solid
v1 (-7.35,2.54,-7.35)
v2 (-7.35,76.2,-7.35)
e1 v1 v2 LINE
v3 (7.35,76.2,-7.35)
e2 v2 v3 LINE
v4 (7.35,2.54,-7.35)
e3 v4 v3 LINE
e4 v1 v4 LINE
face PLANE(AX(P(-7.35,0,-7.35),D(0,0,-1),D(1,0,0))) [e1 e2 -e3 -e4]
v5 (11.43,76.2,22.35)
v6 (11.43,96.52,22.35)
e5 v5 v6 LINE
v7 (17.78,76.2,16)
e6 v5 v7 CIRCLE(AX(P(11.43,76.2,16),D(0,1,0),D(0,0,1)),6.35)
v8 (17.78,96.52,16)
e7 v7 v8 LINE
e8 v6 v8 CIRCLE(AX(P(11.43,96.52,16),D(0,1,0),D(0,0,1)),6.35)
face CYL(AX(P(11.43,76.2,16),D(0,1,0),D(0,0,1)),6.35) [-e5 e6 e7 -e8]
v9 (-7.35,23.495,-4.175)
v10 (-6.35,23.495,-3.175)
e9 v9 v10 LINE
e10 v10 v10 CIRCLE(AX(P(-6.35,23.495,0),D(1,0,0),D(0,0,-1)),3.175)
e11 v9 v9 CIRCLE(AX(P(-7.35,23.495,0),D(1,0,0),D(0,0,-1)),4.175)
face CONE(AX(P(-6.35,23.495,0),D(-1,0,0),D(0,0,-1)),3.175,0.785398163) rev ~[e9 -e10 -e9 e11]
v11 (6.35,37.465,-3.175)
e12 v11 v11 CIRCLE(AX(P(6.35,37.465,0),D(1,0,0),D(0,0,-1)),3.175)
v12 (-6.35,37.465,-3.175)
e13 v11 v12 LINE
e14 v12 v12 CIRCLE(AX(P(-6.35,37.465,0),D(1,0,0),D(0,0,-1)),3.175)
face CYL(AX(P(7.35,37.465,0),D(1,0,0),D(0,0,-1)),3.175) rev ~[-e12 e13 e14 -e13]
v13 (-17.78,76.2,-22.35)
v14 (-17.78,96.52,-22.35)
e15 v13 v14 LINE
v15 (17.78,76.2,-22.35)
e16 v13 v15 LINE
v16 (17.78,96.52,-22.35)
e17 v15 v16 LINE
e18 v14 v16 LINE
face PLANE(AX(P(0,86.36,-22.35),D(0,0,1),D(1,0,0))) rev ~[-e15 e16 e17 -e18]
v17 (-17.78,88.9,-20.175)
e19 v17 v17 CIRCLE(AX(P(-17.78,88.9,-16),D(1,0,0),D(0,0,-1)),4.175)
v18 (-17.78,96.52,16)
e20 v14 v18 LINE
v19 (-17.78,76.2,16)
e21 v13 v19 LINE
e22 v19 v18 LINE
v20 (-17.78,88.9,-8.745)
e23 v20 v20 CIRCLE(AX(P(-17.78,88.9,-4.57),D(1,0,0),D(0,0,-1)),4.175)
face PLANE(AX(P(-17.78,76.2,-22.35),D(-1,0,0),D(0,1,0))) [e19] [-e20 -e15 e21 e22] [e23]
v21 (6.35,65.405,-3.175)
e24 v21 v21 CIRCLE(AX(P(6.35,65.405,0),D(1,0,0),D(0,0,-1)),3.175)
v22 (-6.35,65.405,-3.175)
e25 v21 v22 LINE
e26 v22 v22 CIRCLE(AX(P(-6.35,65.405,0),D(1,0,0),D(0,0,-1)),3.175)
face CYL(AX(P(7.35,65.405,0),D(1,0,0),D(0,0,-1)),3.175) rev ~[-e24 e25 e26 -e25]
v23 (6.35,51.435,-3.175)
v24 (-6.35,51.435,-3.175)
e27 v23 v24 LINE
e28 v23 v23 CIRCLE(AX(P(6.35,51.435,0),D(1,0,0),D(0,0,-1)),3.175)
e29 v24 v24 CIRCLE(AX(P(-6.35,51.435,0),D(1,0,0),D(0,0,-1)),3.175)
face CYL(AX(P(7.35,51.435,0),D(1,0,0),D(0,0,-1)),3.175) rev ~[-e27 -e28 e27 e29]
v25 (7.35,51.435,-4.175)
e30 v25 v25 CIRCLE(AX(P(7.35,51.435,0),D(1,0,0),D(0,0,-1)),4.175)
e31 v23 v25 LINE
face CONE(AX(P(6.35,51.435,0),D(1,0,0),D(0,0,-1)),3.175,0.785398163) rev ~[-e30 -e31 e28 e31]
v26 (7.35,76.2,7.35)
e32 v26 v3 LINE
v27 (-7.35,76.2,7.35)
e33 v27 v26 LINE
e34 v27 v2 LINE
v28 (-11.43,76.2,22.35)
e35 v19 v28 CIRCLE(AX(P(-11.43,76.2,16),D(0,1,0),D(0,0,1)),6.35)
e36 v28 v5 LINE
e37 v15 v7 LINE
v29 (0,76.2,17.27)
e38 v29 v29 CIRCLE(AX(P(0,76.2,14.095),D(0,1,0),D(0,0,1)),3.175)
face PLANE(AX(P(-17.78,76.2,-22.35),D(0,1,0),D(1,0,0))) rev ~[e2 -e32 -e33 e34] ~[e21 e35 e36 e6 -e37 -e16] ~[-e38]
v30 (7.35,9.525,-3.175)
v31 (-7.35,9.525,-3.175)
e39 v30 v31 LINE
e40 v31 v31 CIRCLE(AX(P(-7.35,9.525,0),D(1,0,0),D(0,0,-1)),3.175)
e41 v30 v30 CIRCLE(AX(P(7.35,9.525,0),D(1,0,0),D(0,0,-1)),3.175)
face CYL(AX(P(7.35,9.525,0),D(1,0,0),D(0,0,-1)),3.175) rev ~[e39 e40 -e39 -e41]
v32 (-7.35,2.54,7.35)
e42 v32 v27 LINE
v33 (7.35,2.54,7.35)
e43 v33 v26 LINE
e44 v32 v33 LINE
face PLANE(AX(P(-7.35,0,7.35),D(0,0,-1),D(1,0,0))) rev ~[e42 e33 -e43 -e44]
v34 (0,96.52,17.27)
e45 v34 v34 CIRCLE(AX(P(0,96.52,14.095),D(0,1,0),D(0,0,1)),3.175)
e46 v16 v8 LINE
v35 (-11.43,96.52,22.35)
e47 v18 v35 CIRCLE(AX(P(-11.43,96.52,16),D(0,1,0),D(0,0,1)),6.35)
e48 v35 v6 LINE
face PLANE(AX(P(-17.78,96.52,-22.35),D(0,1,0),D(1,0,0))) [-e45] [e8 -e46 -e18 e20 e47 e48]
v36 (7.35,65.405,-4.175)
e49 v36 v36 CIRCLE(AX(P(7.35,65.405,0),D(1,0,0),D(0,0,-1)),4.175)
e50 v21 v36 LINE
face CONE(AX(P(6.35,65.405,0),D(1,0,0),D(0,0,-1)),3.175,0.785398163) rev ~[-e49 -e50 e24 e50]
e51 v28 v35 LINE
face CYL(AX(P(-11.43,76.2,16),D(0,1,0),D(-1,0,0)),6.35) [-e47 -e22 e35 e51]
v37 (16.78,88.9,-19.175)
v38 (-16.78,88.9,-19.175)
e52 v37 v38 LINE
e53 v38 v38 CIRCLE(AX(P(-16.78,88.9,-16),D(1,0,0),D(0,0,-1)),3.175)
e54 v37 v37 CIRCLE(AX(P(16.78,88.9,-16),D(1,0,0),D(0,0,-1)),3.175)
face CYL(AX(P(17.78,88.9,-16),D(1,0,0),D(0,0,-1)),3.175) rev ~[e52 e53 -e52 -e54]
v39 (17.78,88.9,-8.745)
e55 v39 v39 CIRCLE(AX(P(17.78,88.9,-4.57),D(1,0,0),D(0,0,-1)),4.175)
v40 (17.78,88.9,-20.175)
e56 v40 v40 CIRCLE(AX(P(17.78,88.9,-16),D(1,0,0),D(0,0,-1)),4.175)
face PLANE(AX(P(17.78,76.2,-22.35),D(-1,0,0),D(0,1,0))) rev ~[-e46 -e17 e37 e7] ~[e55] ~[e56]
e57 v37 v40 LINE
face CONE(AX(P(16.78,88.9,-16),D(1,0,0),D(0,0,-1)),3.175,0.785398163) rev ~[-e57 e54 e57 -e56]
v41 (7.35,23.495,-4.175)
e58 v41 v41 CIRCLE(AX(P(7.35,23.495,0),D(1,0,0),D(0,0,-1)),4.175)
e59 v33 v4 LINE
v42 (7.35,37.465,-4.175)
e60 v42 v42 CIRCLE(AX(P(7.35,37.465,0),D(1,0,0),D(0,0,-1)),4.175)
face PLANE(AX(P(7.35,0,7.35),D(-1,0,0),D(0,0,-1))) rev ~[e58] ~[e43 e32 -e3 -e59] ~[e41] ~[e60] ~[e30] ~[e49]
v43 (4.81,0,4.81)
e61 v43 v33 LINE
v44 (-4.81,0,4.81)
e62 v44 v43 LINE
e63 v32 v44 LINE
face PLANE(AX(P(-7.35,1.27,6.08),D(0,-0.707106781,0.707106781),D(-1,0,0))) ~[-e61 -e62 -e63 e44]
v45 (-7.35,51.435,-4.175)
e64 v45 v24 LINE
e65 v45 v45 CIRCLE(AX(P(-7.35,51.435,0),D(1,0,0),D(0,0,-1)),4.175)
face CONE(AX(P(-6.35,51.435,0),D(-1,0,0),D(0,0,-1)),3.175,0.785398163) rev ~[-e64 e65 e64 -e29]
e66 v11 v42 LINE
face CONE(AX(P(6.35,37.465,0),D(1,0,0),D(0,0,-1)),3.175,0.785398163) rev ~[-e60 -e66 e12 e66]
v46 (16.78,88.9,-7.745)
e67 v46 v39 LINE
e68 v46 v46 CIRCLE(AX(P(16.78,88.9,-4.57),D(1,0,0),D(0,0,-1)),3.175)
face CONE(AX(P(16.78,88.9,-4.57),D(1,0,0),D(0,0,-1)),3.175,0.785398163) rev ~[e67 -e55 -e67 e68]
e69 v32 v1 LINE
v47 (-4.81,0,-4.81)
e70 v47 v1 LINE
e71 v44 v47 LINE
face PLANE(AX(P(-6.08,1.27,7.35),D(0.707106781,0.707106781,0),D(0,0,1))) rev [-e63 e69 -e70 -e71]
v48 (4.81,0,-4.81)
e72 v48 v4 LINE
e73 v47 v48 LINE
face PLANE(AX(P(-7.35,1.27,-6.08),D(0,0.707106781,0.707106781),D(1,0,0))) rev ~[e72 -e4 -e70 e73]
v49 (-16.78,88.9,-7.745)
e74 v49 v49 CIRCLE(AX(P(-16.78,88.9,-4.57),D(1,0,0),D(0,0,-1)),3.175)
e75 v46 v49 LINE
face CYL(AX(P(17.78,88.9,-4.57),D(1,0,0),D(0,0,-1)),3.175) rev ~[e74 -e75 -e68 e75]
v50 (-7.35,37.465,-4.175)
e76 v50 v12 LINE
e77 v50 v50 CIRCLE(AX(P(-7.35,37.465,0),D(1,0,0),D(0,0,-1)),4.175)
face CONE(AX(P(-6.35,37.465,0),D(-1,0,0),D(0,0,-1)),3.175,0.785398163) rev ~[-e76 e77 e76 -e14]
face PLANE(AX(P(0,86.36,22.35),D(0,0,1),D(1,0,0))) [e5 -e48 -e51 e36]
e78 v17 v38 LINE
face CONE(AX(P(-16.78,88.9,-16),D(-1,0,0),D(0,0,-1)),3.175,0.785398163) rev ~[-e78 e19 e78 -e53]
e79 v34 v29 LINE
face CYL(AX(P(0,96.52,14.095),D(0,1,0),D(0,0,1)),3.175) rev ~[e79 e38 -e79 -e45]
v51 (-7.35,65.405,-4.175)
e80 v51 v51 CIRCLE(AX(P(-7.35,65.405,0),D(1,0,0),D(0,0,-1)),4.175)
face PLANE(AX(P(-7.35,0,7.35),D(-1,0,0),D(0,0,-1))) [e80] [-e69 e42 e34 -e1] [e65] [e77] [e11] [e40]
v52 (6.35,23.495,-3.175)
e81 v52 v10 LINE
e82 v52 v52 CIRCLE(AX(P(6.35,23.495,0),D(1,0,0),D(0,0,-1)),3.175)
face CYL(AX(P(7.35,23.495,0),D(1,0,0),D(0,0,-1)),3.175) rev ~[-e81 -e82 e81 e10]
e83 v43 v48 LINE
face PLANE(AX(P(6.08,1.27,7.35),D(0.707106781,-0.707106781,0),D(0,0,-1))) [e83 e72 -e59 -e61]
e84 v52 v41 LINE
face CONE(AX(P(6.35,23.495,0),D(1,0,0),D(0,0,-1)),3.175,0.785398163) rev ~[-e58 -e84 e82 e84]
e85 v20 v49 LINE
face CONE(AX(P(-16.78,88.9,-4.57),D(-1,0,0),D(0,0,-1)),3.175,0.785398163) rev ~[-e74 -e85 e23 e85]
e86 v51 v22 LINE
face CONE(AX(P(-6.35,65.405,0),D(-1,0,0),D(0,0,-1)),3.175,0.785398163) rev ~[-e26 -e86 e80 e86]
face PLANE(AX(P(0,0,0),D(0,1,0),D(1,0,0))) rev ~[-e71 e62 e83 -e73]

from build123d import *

# Parameters (mm, degrees)
SKETCH1_W                 = 14.7
SKETCH1_H                 = 14.7
BOSS_EXTRUDE1_DEPTH       = 76.2
SKETCH6_R                 = 3.175
CUT_EXTRUDE4_DEPTH        = 78.952244997
CHAMFER5_SIZE             = 1
CHAMFER6_SIZE             = 2.54
BOSS_EXTRUDE2_DEPTH       = 15
BOSS_EXTRUDE2_DEPTH_BACK  = 29.7
SKETCH4_W                 = 35.56
SKETCH4_H                 = 20.32
SKETCH5_R                 = 3.175
TRAYSUPPORTMOUNTING_DEPTH = 106.262274819
CHAMFER4_SIZE             = 1
CUT_EXTRUDE2_REACH        = 102.657
SKETCH3_R                 = 3.175
FILLET1_R                 = 6.35


with BuildPart() as part:
    # Sketch1 → Boss-Extrude1 (new body)
    with BuildSketch(Plane(origin=(0, 0, 0), x_dir=(1, 0, 0), z_dir=(0, 1, 0))):
        Rectangle(SKETCH1_W, SKETCH1_H)
    extrude(amount=BOSS_EXTRUDE1_DEPTH)

    # Sketch6 → Cut-Extrude4 (cut, through all)
    with BuildSketch(Plane(origin=(7.35, 0, 0), x_dir=(0, 0, -1), z_dir=(1, 0, 0))):
        with Locations((0, 65.405)):
            Circle(SKETCH6_R)
        with Locations((0, 51.435)):
            Circle(SKETCH6_R)
        with Locations((0, 37.465)):
            Circle(SKETCH6_R)
        with Locations((0, 23.495)):
            Circle(SKETCH6_R)
        with Locations((0, 9.525)):
            Circle(SKETCH6_R)
    extrude(amount=-CUT_EXTRUDE4_DEPTH, mode=Mode.SUBTRACT)

    # Chamfer5
    chamfer5_edges = [part.edges().sort_by_distance(p)[0] for p in [
        (-7.35, 23.495, 3.175),
        (7.35, 23.495, 3.175),
        (-7.35, 37.465, 3.175),
        (7.35, 37.465, 3.175),
        (-7.35, 51.435, 3.175),
        (7.35, 51.435, 3.175),
        (-7.35, 65.405, 3.175),
        (7.35, 65.405, 3.175),
    ]]
    chamfer(chamfer5_edges, length=CHAMFER5_SIZE)

    # Chamfer6
    chamfer6_edges = [part.edges().sort_by_distance(p)[0] for p in [
        (0, 0, 7.35),
        (7.35, 0, 0),
        (0, 0, -7.35),
        (-7.35, 0, 0),
    ]]
    chamfer(chamfer6_edges, length=CHAMFER6_SIZE)

    # Sketch4 → Boss-Extrude2 (add, two sides: drawn at the far end of the back side and taken through both)
    with BuildSketch(Plane.XY.offset(7.35).offset(-BOSS_EXTRUDE2_DEPTH_BACK)):
        with Locations((0, 86.36)):
            Rectangle(SKETCH4_W, SKETCH4_H)
    extrude(amount=BOSS_EXTRUDE2_DEPTH + BOSS_EXTRUDE2_DEPTH_BACK)

    # Sketch5 → TraySupportMounting (cut, through all)
    with BuildSketch(Plane(origin=(17.78, 0, 0), x_dir=(0, 0, -1), z_dir=(1, 0, 0))):
        with Locations((16, 88.9)):
            Circle(SKETCH5_R)
        with Locations((4.57, 88.9)):
            Circle(SKETCH5_R)
    extrude(amount=-TRAYSUPPORTMOUNTING_DEPTH, mode=Mode.SUBTRACT)

    # Chamfer4
    chamfer4_edges = [part.edges().sort_by_distance(p)[0] for p in [
        (17.78, 88.9, -1.395),
        (-17.78, 88.9, -1.395),
        (17.78, 88.9, -12.825),
        (-17.78, 88.9, -12.825),
    ]]
    chamfer(chamfer4_edges, length=CHAMFER4_SIZE)

    # Sketch3 → Cut-Extrude2 (cut, up to next)
    with BuildSketch(Plane(origin=(0, 96.52, 0), x_dir=(1, 0, 0), z_dir=(0, 1, 0)), mode=Mode.PRIVATE) as cut_extrude2_sk1:
        with Locations((0, -14.095)):
            Circle(SKETCH3_R)
    cut_extrude2_tool1 = extrude(cut_extrude2_sk1.sketch, amount=-CUT_EXTRUDE2_REACH, mode=Mode.PRIVATE) & part.part
    add(cut_extrude2_tool1.solids().sort_by_distance((0, 96.52, 14.095))[0], mode=Mode.SUBTRACT)

    # Fillet1
    fillet1_edges = [part.edges().sort_by_distance(p)[0] for p in [
        (-17.78, 86.36, 22.35),
        (17.78, 86.36, 22.35),
    ]]
    fillet(fillet1_edges, radius=FILLET1_R)


solid = part.part
